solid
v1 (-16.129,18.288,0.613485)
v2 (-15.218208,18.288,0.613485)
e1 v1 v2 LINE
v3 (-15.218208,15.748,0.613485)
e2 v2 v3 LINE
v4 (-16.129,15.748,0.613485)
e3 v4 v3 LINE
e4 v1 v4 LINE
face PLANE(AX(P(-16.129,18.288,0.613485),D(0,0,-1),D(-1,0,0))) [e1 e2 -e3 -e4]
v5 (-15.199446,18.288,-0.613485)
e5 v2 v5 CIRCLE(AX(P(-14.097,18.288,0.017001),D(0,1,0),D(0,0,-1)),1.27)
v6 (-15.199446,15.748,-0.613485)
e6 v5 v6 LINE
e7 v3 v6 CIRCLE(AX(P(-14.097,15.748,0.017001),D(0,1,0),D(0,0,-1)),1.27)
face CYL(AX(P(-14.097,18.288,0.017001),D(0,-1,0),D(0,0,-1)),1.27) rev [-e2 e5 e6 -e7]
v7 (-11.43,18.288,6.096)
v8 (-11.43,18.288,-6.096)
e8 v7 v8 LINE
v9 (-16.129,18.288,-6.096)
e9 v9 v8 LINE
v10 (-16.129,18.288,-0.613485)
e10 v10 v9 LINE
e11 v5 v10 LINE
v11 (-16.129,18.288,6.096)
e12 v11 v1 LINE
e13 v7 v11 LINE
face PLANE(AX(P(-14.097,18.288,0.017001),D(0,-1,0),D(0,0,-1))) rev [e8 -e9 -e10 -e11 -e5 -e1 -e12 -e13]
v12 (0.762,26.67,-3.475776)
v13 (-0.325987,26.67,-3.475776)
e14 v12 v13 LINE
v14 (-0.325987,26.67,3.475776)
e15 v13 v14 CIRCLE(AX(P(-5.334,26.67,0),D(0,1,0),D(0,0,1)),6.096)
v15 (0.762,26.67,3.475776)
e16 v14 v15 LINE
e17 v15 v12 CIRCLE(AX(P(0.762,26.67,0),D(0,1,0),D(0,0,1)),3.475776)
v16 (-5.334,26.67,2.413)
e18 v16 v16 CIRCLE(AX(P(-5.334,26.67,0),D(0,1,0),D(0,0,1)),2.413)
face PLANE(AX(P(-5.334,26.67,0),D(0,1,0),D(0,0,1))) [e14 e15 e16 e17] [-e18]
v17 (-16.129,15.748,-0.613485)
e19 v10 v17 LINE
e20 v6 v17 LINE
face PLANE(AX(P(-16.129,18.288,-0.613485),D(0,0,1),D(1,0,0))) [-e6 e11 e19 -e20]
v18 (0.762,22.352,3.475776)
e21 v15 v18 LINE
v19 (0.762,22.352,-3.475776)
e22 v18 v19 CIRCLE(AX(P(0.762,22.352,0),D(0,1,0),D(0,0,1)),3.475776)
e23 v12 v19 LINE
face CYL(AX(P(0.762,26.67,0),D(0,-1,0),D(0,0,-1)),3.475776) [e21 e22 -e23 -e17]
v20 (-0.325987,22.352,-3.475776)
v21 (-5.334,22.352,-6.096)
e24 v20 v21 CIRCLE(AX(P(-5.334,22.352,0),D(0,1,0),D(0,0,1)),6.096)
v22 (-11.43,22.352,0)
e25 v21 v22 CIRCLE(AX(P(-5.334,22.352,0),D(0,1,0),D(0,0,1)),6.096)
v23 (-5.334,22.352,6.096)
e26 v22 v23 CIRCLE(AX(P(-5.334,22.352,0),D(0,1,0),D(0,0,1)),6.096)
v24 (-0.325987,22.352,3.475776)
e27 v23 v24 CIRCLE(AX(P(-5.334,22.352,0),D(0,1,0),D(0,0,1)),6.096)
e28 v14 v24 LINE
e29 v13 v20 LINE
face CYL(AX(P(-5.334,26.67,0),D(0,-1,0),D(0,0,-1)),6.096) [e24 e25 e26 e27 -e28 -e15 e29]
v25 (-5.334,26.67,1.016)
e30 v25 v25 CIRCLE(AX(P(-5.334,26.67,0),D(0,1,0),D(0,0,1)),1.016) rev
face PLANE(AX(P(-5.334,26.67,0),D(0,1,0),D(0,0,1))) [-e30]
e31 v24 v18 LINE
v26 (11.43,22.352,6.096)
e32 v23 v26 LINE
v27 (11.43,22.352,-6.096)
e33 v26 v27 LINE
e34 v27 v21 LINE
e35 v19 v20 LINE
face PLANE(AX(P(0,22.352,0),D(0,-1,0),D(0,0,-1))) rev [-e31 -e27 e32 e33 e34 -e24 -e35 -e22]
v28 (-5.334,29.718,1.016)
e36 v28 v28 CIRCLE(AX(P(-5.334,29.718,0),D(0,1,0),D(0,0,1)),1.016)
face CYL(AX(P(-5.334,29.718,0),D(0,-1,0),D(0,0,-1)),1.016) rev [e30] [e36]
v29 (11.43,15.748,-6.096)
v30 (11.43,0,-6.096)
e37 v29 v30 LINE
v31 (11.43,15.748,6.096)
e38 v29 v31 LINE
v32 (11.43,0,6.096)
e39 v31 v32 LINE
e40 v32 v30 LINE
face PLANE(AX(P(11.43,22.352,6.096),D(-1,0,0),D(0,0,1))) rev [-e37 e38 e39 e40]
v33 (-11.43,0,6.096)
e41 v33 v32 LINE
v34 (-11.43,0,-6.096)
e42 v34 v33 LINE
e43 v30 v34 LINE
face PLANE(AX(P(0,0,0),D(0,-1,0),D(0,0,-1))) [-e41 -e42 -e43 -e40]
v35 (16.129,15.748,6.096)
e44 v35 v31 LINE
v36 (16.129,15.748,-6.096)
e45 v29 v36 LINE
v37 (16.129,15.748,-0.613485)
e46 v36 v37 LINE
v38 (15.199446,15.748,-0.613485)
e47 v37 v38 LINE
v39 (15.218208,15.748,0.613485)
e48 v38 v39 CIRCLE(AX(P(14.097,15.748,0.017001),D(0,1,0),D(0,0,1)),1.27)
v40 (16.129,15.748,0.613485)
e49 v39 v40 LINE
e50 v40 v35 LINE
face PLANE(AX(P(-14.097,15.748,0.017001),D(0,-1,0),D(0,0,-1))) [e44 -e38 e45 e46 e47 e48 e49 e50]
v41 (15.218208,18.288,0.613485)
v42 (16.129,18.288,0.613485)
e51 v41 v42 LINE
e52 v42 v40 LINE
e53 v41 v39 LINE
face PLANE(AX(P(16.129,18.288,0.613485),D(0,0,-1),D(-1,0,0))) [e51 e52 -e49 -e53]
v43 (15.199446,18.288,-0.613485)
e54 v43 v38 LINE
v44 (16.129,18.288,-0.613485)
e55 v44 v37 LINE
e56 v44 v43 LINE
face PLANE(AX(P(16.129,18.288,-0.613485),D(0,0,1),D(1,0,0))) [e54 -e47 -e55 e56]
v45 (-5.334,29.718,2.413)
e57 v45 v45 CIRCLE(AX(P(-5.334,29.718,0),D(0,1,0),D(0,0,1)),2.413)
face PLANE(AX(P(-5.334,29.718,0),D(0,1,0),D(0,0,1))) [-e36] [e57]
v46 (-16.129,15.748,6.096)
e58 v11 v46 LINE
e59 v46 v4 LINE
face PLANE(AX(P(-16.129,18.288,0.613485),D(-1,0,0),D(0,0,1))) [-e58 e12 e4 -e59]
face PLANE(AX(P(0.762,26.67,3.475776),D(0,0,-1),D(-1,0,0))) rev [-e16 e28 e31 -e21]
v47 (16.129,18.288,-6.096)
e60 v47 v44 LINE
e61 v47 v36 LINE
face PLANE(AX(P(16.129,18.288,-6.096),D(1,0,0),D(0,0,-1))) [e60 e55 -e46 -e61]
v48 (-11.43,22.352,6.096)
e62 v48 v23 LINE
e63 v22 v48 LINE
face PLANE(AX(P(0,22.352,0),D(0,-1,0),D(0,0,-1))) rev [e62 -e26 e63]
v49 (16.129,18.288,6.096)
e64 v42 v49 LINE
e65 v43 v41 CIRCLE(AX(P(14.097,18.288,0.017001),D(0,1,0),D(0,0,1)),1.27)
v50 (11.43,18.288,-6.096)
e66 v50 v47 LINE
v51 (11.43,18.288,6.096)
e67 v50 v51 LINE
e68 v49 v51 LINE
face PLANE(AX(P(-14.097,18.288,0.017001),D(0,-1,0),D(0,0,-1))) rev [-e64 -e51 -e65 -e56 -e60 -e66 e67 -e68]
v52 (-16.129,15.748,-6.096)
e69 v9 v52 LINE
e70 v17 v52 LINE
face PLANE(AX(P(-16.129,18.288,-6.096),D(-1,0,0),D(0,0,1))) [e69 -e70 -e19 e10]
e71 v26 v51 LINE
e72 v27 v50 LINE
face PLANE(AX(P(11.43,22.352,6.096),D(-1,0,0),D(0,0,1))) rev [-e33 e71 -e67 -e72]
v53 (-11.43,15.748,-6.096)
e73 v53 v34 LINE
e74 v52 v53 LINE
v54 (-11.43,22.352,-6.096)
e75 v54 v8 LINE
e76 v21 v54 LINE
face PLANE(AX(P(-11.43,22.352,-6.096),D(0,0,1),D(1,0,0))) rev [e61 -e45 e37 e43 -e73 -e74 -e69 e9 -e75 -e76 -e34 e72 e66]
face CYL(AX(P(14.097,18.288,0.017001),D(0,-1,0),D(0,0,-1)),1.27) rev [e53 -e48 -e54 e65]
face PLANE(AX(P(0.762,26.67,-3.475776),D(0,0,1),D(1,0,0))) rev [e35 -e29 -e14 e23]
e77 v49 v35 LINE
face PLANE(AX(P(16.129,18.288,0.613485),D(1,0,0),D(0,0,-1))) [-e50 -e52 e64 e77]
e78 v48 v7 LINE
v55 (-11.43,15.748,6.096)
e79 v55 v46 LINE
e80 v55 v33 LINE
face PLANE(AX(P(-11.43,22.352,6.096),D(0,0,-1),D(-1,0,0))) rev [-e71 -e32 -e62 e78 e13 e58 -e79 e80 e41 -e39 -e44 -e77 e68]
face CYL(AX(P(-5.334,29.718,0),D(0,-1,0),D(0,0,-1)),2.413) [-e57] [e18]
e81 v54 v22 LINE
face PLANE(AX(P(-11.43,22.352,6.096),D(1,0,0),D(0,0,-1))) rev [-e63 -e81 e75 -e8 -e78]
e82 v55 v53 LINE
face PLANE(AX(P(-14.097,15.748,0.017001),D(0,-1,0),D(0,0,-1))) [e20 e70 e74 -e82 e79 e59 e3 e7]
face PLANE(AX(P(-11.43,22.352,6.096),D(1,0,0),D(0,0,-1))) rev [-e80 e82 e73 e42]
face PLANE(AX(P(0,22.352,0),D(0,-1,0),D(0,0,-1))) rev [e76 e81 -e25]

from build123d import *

# Parameters (mm, degrees)
SKETCH1_W           = 22.86
SKETCH1_H           = 12.192
BOSS_EXTRUDE1_DEPTH = 22.352
BOSS_EXTRUDE2_DEPTH = 4.318
BOSS_EXTRUDE3_START = -15.748
BOSS_EXTRUDE3_DEPTH = 2.54
SKETCH4_R           = 2.413
SKETCH4_R_2         = 1.016
BOSS_EXTRUDE4_DEPTH = 3.048


with BuildPart() as part:
    # Sketch1 → Boss-Extrude1 (new body)
    with BuildSketch(Plane(origin=(0, 0, 0), x_dir=(1, 0, 0), z_dir=(0, 1, 0))):
        Rectangle(SKETCH1_W, SKETCH1_H)
    extrude(amount=BOSS_EXTRUDE1_DEPTH)

    # Sketch2 → Boss-Extrude2 (add)
    with BuildSketch(Plane(origin=(0, 22.352, 0), x_dir=(1, 0, 0), z_dir=(0, 1, 0))):
        with BuildLine():
            Line((0.762, 3.475776023), (-0.325986717, 3.475776023))
            ThreePointArc((-0.325986717, 3.475776023), (-11.43, 0), (-0.325986717, -3.475776023))
            Line((-0.325986717, -3.475776023), (0.762, -3.475776023))
            ThreePointArc((0.762, -3.475776023), (4.237776023, 0), (0.762, 3.475776023))
        make_face()
    extrude(amount=BOSS_EXTRUDE2_DEPTH)

    # Sketch3 → Boss-Extrude3 (add)
    with BuildSketch(Plane.XZ.offset(BOSS_EXTRUDE3_START)):
        with BuildLine():
            Line((-16.129, -6.096), (16.129, -6.096))
            Line((16.129, -6.096), (16.129, -0.613485199))
            Line((16.129, -0.613485199), (15.199445863, -0.613485199))
            ThreePointArc((15.199445863, -0.613485199), (12.827148451, 0.036418828), (15.218207768, 0.613485199))
            Line((15.218207768, 0.613485199), (16.129, 0.613485199))
            Line((16.129, 0.613485199), (16.129, 6.096))
            Line((16.129, 6.096), (-16.129, 6.096))
            Line((-16.129, 6.096), (-16.129, 0.613485199))
            Line((-16.129, 0.613485199), (-15.218207768, 0.613485199))
            ThreePointArc((-15.218207768, 0.613485199), (-12.827148451, 0.036418828), (-15.199445863, -0.613485199))
            Line((-15.199445863, -0.613485199), (-16.129, -0.613485199))
            Line((-16.129, -0.613485199), (-16.129, -6.096))
        make_face()
    extrude(amount=-BOSS_EXTRUDE3_DEPTH)

    # Sketch4 → Boss-Extrude4 (add)
    with BuildSketch(Plane(origin=(0, 26.67, 0), x_dir=(1, 0, 0), z_dir=(0, 1, 0))):
        with Locations((-5.334, 0)):
            Circle(SKETCH4_R)
        with Locations((-5.334, 0)):
            Circle(SKETCH4_R_2, mode=Mode.SUBTRACT)
    extrude(amount=BOSS_EXTRUDE4_DEPTH)


solid = part.part
